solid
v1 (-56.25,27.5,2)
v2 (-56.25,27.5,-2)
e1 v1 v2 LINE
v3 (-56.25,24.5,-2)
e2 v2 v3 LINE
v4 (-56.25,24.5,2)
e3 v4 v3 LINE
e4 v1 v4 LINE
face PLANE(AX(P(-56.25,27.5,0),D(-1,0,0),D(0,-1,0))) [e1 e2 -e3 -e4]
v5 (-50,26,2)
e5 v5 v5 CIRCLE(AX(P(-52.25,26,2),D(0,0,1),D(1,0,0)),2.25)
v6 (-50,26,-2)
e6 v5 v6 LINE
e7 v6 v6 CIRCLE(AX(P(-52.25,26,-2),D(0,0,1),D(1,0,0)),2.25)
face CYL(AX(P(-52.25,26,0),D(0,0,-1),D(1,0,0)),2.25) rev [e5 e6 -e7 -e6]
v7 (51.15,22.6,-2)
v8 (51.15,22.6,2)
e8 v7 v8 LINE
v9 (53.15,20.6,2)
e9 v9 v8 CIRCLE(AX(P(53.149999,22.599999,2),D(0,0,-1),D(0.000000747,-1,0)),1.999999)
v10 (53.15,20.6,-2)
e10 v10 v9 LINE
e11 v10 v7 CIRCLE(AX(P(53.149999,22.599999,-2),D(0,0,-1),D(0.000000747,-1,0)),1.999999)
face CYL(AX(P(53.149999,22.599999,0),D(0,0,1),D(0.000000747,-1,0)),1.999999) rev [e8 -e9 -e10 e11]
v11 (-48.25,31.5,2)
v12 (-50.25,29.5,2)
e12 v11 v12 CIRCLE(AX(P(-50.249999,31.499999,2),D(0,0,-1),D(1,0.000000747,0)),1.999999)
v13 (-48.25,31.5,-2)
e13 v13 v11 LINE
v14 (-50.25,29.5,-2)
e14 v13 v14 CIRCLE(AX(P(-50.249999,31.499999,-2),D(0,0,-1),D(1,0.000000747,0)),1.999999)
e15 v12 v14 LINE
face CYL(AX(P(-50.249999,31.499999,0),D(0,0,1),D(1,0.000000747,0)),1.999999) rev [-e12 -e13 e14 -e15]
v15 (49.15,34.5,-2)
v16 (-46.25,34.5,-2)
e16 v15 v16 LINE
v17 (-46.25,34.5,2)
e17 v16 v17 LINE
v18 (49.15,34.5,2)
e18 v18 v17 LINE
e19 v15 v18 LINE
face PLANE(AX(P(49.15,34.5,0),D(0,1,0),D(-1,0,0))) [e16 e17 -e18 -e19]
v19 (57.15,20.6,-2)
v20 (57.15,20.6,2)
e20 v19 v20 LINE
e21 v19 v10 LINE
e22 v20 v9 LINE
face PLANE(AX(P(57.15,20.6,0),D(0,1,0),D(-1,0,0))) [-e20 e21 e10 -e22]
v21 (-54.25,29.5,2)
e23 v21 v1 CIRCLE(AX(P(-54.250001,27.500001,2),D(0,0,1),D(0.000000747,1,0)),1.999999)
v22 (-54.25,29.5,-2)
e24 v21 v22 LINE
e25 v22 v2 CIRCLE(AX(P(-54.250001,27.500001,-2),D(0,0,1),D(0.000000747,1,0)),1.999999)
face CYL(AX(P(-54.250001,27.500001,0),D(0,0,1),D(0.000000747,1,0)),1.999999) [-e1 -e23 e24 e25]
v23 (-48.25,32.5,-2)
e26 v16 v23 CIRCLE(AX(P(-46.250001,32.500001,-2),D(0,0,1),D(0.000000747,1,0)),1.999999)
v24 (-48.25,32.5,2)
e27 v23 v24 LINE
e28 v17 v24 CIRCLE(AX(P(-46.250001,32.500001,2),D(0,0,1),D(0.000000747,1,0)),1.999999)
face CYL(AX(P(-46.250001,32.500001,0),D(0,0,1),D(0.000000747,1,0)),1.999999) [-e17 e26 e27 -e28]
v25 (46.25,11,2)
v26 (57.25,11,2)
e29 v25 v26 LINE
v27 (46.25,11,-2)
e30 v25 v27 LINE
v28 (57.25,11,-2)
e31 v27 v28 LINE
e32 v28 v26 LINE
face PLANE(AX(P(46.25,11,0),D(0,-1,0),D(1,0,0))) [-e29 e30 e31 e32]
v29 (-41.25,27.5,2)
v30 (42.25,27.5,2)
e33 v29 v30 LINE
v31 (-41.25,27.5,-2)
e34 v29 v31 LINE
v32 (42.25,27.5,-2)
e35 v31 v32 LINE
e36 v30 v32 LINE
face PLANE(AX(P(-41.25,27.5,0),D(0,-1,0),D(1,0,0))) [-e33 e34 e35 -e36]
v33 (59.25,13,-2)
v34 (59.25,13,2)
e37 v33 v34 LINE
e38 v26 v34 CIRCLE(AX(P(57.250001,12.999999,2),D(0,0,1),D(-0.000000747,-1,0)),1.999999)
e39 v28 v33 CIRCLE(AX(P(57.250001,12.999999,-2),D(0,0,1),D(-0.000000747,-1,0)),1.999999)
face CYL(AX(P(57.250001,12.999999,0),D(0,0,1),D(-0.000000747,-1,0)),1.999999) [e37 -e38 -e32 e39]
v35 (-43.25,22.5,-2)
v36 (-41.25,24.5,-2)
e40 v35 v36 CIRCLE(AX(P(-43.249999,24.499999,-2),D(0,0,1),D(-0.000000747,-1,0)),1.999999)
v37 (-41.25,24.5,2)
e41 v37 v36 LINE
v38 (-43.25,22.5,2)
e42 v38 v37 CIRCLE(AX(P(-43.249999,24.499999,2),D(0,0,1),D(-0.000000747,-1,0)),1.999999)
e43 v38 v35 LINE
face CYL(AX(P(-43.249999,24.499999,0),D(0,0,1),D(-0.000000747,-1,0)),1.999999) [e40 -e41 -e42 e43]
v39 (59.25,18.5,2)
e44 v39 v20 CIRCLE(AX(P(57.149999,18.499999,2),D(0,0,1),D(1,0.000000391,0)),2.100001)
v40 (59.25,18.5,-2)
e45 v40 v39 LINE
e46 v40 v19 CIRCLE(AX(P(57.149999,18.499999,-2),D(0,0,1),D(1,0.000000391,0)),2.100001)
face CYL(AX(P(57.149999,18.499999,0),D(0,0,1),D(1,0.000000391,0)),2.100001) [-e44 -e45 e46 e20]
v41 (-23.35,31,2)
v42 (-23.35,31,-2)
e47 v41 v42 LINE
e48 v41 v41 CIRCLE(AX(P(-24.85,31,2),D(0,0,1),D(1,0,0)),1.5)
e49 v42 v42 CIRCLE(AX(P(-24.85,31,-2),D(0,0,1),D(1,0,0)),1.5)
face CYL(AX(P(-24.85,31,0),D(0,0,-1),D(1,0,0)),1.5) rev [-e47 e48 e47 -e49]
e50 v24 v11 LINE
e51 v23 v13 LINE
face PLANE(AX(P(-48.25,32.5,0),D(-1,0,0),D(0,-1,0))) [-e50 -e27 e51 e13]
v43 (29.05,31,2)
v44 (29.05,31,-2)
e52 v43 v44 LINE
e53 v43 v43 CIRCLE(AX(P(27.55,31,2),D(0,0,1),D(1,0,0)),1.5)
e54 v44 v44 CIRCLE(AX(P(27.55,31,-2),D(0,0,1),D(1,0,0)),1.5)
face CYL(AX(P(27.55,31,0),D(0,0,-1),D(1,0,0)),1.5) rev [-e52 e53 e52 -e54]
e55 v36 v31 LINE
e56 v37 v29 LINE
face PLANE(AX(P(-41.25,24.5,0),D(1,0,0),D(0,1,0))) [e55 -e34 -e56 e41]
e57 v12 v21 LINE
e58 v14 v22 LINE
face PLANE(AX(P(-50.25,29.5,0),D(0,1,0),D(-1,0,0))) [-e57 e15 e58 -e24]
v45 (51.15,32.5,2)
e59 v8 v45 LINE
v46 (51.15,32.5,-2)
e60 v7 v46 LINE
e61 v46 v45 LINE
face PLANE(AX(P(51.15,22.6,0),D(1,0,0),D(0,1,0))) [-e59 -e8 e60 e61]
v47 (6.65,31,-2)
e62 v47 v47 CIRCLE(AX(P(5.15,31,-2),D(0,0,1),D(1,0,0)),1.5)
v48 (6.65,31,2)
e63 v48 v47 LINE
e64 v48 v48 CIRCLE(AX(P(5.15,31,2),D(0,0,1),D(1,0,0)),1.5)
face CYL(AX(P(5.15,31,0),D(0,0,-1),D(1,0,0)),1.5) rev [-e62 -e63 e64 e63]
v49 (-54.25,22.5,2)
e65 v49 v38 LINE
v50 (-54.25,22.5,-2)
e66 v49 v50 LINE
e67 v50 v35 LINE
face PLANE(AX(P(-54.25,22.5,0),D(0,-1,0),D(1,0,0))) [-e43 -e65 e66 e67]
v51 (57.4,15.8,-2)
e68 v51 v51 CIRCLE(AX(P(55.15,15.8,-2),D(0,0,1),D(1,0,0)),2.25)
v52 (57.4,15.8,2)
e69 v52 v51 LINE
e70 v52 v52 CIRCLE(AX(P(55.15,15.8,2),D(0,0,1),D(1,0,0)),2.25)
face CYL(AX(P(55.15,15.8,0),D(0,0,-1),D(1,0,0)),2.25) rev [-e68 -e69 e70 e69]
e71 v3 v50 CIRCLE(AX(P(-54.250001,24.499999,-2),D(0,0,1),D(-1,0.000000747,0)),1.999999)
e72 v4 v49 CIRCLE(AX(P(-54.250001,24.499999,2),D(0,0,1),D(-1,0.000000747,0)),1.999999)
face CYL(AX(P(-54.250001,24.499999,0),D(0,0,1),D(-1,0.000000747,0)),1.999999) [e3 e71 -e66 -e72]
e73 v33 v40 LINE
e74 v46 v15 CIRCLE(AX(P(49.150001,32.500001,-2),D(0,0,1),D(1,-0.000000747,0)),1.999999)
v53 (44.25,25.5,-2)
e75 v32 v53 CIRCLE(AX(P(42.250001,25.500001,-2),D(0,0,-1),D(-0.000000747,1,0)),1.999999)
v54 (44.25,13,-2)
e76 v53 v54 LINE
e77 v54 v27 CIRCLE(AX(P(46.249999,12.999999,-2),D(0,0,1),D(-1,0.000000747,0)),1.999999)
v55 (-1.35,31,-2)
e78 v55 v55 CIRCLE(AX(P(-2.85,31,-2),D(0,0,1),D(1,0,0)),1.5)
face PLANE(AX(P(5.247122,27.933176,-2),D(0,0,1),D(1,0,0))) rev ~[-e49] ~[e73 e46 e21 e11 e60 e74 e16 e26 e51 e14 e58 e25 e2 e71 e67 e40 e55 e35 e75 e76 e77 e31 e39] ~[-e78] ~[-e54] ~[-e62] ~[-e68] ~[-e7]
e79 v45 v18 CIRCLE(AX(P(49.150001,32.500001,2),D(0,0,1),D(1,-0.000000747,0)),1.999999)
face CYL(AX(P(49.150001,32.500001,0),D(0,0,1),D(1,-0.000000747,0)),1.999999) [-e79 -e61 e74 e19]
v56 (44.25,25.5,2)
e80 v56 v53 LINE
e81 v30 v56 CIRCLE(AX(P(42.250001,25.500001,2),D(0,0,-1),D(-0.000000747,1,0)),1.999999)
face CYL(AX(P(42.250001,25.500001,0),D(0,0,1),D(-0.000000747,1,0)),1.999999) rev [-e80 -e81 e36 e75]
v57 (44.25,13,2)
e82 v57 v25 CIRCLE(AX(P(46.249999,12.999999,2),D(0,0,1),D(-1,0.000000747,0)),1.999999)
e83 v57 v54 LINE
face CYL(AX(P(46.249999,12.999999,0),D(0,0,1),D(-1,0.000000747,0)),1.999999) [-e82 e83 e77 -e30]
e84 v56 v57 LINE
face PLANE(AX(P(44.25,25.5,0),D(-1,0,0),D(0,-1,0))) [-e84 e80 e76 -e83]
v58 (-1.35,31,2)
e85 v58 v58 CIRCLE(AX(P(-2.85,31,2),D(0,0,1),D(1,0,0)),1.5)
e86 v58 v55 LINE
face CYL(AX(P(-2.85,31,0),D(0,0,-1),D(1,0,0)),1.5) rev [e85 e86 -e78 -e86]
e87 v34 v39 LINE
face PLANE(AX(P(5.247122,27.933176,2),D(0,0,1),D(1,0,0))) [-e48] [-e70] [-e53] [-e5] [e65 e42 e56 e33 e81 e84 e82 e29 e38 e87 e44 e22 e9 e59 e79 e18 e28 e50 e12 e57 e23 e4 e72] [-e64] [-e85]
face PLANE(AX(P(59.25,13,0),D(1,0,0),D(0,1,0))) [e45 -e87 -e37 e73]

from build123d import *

# Parameters (mm, degrees)
F0_R     = 2.25
F0_R_2   = 1.5
F1_DEPTH = 2


with BuildPart() as f1:
    # F0 (on Top) → F1 (new body, symmetric)
    with BuildSketch(Plane.XY):
        with BuildLine():
            Line((46.25, 11), (57.25, 11))
            ThreePointArc((57.25, 11), (58.664214, 11.585786), (59.25, 13))
            Line((59.25, 13), (59.25, 18.5))
            ThreePointArc((59.25, 18.5), (58.634924, 19.984924), (57.15, 20.6))
            Line((57.15, 20.6), (53.15, 20.6))
            ThreePointArc((53.15, 20.6), (51.735786, 21.185786), (51.15, 22.6))
            Line((51.15, 22.6), (51.15, 32.5))
            ThreePointArc((51.15, 32.5), (50.564214, 33.914214), (49.15, 34.5))
            Line((49.15, 34.5), (-46.25, 34.5))
            ThreePointArc((-46.25, 34.5), (-47.664214, 33.914214), (-48.25, 32.5))
            Line((-48.25, 32.5), (-48.25, 31.5))
            ThreePointArc((-48.25, 31.5), (-48.835786, 30.085786), (-50.25, 29.5))
            Line((-50.25, 29.5), (-54.25, 29.5))
            ThreePointArc((-54.25, 29.5), (-55.664214, 28.914214), (-56.25, 27.5))
            Line((-56.25, 27.5), (-56.25, 24.5))
            ThreePointArc((-56.25, 24.5), (-55.664214, 23.085786), (-54.25, 22.5))
            Line((-54.25, 22.5), (-43.25, 22.5))
            ThreePointArc((-43.25, 22.5), (-41.835786, 23.085786), (-41.25, 24.5))
            Line((-41.25, 24.5), (-41.25, 27.5))
            Line((-41.25, 27.5), (42.25, 27.5))
            ThreePointArc((42.25, 27.5), (43.664214, 26.914214), (44.25, 25.5))
            Line((44.25, 25.5), (44.25, 13))
            ThreePointArc((44.25, 13), (44.835786, 11.585786), (46.25, 11))
        make_face()
        with Locations((55.15, 15.8)):
            Circle(F0_R, mode=Mode.SUBTRACT)
        with Locations((-52.25, 26)):
            Circle(F0_R, mode=Mode.SUBTRACT)
        with Locations((-24.85, 31)):
            Circle(F0_R_2, mode=Mode.SUBTRACT)
        with Locations((-2.85, 31)):
            Circle(F0_R_2, mode=Mode.SUBTRACT)
        with Locations((5.15, 31)):
            Circle(F0_R_2, mode=Mode.SUBTRACT)
        with Locations((27.55, 31)):
            Circle(F0_R_2, mode=Mode.SUBTRACT)
    extrude(amount=F1_DEPTH, both=True)


solid = f1.part
